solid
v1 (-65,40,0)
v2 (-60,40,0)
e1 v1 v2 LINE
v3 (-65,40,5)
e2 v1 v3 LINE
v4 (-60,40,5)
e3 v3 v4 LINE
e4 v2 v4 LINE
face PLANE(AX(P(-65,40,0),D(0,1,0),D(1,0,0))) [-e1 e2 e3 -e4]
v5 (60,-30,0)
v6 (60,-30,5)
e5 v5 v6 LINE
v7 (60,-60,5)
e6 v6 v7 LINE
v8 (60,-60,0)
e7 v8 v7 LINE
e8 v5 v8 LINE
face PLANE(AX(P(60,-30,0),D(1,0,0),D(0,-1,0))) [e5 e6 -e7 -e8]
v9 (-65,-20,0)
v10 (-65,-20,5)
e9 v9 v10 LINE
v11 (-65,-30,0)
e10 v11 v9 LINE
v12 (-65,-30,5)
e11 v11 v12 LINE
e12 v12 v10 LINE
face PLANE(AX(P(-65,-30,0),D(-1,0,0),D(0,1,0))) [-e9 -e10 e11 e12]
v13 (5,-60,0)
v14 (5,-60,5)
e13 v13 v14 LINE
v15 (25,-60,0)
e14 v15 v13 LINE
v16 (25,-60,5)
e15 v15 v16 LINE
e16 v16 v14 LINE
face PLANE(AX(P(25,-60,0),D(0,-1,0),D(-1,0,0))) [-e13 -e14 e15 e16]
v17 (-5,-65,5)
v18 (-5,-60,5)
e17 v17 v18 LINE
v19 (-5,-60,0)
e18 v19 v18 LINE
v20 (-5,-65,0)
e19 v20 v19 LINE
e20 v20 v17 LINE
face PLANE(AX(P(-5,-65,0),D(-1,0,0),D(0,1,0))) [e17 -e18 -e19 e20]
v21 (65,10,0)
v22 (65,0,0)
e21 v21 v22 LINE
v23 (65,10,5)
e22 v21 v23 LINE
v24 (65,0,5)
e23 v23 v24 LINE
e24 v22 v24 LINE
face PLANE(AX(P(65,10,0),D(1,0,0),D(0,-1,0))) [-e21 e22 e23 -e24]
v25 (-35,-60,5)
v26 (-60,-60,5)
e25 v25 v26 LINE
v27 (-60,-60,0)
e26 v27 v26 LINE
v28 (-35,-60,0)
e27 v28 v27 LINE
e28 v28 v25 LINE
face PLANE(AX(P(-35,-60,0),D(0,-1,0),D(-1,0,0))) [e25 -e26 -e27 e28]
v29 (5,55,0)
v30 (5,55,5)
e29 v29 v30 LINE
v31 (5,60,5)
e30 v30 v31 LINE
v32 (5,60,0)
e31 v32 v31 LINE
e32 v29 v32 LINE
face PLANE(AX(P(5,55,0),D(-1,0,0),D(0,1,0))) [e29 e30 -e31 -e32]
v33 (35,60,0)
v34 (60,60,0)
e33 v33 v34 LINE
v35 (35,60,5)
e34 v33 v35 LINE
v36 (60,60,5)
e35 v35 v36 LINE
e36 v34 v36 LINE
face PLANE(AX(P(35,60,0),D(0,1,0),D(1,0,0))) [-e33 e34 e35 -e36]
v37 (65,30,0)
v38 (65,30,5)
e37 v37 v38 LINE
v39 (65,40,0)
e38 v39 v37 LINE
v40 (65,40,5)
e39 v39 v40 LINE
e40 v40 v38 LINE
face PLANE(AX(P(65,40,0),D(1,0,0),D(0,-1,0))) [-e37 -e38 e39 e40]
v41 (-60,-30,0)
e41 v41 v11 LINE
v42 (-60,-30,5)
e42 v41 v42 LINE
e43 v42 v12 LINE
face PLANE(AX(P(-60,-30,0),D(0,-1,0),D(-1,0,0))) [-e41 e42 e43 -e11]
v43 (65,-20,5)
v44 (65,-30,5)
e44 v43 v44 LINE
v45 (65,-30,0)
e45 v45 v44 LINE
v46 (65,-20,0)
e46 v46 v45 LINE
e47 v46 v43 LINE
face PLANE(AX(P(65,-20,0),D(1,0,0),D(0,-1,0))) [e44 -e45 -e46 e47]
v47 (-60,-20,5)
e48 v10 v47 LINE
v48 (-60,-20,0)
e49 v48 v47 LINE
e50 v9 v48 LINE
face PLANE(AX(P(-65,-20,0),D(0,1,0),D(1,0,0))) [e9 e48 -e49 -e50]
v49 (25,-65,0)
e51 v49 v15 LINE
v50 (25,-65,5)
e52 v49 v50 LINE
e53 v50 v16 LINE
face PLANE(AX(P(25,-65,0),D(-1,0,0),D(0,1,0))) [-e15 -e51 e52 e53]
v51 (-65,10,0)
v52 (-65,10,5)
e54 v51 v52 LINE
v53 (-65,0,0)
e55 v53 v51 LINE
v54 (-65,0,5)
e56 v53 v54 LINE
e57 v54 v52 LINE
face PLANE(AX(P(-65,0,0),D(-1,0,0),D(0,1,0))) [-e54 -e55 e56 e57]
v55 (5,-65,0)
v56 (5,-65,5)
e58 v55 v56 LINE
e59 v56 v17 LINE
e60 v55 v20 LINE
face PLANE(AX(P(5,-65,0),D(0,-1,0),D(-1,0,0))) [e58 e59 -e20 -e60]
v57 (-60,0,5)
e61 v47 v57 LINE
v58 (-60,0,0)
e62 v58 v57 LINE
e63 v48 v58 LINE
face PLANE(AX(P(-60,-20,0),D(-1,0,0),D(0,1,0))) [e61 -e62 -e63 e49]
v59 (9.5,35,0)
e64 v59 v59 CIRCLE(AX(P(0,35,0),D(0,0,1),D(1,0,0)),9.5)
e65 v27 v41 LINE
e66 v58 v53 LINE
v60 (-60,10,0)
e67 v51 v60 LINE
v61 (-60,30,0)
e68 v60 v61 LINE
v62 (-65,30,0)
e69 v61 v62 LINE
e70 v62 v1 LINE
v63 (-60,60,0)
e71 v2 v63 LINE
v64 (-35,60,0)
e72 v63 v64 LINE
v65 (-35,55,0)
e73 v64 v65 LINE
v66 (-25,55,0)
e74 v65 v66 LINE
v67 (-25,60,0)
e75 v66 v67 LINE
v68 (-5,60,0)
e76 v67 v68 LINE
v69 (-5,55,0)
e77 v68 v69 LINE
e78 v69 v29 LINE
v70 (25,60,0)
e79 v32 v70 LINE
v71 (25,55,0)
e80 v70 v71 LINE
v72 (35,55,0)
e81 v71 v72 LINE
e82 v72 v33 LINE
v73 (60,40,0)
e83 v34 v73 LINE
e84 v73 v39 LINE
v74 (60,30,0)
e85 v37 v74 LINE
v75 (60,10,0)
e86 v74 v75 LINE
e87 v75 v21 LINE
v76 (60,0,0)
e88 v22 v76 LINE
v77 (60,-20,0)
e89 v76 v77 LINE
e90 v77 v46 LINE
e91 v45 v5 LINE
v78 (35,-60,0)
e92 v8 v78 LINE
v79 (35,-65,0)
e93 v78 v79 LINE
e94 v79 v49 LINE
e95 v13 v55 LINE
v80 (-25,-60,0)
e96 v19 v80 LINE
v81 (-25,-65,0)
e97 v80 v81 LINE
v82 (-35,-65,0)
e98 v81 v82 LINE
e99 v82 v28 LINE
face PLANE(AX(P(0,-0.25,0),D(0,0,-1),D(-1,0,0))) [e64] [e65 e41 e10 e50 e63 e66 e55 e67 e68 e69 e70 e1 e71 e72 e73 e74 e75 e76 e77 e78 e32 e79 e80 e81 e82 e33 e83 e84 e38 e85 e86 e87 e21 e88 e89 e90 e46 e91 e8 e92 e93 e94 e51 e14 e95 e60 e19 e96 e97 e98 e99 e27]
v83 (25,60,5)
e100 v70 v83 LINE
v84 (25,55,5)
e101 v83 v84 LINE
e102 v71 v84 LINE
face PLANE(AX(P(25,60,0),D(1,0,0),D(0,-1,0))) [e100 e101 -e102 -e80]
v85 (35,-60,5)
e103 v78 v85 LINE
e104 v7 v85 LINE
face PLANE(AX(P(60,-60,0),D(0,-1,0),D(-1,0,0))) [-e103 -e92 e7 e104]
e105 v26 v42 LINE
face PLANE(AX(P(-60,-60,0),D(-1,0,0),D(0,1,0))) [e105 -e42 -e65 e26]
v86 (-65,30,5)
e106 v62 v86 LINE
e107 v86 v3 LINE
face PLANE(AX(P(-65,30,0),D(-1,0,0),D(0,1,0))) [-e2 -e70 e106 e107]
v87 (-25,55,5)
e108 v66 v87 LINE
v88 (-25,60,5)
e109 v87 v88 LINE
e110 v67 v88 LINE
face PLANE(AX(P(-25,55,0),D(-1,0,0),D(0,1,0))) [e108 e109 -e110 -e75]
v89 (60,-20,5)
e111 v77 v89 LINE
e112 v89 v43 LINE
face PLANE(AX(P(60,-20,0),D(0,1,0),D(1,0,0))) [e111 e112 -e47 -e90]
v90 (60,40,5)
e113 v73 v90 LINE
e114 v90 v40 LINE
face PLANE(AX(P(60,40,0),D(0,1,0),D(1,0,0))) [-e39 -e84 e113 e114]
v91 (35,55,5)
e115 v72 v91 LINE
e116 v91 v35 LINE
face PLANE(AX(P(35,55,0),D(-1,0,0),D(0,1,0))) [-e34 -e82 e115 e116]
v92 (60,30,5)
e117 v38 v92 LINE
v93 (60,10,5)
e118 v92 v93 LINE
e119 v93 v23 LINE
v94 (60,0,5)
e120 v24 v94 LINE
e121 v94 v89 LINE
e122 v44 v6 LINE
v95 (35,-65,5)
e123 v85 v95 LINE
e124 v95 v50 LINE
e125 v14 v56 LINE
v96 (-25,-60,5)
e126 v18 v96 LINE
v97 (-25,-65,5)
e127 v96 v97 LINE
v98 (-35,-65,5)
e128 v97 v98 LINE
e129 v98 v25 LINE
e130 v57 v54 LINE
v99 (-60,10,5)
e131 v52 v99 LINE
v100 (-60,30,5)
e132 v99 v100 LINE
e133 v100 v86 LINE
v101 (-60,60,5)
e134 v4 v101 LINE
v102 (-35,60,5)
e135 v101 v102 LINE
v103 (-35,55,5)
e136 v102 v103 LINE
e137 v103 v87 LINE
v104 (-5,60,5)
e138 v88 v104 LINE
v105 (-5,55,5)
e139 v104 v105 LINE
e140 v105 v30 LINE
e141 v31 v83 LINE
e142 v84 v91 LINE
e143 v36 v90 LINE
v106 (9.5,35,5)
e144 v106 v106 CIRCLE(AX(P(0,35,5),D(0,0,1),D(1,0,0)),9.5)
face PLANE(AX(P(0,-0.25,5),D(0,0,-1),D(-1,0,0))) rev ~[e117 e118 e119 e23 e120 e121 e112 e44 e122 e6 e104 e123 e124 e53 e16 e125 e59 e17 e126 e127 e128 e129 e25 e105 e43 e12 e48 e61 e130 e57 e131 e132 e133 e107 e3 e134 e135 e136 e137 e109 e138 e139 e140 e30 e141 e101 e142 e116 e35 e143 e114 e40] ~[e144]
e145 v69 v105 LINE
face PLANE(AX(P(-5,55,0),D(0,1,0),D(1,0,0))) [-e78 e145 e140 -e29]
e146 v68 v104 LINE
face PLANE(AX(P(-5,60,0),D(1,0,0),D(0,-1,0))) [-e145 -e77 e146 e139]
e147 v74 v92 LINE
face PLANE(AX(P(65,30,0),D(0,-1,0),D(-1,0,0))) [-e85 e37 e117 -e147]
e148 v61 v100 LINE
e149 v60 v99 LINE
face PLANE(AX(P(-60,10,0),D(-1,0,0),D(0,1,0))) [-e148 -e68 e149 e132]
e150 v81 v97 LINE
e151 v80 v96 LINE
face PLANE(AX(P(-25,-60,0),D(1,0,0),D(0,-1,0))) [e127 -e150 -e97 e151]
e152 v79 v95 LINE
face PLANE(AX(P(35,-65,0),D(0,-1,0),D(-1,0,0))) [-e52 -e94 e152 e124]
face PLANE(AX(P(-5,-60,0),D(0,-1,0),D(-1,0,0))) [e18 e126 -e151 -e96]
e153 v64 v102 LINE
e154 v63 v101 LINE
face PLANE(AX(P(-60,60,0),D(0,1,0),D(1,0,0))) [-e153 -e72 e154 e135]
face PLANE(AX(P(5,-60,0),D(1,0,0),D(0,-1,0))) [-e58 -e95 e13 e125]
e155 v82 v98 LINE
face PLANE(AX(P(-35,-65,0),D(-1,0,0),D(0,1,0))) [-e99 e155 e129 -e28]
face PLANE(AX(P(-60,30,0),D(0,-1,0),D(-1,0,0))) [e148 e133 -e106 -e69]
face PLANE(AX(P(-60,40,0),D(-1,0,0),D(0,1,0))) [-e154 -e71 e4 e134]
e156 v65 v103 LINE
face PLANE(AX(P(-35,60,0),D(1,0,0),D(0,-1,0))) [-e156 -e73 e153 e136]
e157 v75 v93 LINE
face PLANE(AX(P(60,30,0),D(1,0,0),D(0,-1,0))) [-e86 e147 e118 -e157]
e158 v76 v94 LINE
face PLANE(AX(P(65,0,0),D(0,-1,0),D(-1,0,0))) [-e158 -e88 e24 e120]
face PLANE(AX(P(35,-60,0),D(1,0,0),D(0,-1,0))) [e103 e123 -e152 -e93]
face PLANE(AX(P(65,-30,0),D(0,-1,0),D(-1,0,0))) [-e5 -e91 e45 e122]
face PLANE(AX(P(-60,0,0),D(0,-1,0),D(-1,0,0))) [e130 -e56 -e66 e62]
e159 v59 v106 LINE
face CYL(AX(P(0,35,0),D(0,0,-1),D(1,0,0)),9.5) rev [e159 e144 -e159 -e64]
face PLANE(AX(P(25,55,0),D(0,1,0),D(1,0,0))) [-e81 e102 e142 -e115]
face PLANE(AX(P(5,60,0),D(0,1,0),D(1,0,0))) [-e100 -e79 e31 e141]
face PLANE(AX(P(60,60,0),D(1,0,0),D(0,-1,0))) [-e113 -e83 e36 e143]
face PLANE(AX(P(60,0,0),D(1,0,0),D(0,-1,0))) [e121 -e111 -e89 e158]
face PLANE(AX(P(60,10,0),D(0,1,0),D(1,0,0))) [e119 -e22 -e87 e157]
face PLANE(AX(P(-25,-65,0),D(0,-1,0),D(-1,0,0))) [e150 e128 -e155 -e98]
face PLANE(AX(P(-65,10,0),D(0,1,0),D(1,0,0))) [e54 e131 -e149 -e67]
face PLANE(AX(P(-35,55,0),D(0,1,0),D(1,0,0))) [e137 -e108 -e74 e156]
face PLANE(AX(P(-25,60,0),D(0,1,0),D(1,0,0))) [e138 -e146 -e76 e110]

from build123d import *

# Parameters (mm, degrees)
SKETCH1_R           = 9.5
BOSS_EXTRUDE1_DEPTH = 5


with BuildPart() as part:
    # Sketch1 → Boss-Extrude1 (new body)
    with BuildSketch(Plane.XY):
        Polygon((-35, 60), (-35, 55), (-25, 55), (-25, 60), (-5, 60), (-5, 55), (5, 55), (5, 60), (25, 60), (25, 55), (35, 55), (35, 60), (60, 60), (60, 40), (65, 40), (65, 30), (60, 30), (60, 10), (65, 10), (65, 0), (60, 0), (60, -20), (65, -20), (65, -30), (60, -30), (60, -60), (35, -60), (35, -65), (25, -65), (25, -60), (5, -60), (5, -65), (-5, -65), (-5, -60), (-25, -60), (-25, -65), (-35, -65), (-35, -60), (-60, -60), (-60, -30), (-65, -30), (-65, -20), (-60, -20), (-60, 0), (-65, 0), (-65, 10), (-60, 10), (-60, 30), (-65, 30), (-65, 40), (-60, 40), (-60, 60), align=None)
        with Locations((0, 35)):
            Circle(SKETCH1_R, mode=Mode.SUBTRACT)
    extrude(amount=BOSS_EXTRUDE1_DEPTH)


solid = part.part
